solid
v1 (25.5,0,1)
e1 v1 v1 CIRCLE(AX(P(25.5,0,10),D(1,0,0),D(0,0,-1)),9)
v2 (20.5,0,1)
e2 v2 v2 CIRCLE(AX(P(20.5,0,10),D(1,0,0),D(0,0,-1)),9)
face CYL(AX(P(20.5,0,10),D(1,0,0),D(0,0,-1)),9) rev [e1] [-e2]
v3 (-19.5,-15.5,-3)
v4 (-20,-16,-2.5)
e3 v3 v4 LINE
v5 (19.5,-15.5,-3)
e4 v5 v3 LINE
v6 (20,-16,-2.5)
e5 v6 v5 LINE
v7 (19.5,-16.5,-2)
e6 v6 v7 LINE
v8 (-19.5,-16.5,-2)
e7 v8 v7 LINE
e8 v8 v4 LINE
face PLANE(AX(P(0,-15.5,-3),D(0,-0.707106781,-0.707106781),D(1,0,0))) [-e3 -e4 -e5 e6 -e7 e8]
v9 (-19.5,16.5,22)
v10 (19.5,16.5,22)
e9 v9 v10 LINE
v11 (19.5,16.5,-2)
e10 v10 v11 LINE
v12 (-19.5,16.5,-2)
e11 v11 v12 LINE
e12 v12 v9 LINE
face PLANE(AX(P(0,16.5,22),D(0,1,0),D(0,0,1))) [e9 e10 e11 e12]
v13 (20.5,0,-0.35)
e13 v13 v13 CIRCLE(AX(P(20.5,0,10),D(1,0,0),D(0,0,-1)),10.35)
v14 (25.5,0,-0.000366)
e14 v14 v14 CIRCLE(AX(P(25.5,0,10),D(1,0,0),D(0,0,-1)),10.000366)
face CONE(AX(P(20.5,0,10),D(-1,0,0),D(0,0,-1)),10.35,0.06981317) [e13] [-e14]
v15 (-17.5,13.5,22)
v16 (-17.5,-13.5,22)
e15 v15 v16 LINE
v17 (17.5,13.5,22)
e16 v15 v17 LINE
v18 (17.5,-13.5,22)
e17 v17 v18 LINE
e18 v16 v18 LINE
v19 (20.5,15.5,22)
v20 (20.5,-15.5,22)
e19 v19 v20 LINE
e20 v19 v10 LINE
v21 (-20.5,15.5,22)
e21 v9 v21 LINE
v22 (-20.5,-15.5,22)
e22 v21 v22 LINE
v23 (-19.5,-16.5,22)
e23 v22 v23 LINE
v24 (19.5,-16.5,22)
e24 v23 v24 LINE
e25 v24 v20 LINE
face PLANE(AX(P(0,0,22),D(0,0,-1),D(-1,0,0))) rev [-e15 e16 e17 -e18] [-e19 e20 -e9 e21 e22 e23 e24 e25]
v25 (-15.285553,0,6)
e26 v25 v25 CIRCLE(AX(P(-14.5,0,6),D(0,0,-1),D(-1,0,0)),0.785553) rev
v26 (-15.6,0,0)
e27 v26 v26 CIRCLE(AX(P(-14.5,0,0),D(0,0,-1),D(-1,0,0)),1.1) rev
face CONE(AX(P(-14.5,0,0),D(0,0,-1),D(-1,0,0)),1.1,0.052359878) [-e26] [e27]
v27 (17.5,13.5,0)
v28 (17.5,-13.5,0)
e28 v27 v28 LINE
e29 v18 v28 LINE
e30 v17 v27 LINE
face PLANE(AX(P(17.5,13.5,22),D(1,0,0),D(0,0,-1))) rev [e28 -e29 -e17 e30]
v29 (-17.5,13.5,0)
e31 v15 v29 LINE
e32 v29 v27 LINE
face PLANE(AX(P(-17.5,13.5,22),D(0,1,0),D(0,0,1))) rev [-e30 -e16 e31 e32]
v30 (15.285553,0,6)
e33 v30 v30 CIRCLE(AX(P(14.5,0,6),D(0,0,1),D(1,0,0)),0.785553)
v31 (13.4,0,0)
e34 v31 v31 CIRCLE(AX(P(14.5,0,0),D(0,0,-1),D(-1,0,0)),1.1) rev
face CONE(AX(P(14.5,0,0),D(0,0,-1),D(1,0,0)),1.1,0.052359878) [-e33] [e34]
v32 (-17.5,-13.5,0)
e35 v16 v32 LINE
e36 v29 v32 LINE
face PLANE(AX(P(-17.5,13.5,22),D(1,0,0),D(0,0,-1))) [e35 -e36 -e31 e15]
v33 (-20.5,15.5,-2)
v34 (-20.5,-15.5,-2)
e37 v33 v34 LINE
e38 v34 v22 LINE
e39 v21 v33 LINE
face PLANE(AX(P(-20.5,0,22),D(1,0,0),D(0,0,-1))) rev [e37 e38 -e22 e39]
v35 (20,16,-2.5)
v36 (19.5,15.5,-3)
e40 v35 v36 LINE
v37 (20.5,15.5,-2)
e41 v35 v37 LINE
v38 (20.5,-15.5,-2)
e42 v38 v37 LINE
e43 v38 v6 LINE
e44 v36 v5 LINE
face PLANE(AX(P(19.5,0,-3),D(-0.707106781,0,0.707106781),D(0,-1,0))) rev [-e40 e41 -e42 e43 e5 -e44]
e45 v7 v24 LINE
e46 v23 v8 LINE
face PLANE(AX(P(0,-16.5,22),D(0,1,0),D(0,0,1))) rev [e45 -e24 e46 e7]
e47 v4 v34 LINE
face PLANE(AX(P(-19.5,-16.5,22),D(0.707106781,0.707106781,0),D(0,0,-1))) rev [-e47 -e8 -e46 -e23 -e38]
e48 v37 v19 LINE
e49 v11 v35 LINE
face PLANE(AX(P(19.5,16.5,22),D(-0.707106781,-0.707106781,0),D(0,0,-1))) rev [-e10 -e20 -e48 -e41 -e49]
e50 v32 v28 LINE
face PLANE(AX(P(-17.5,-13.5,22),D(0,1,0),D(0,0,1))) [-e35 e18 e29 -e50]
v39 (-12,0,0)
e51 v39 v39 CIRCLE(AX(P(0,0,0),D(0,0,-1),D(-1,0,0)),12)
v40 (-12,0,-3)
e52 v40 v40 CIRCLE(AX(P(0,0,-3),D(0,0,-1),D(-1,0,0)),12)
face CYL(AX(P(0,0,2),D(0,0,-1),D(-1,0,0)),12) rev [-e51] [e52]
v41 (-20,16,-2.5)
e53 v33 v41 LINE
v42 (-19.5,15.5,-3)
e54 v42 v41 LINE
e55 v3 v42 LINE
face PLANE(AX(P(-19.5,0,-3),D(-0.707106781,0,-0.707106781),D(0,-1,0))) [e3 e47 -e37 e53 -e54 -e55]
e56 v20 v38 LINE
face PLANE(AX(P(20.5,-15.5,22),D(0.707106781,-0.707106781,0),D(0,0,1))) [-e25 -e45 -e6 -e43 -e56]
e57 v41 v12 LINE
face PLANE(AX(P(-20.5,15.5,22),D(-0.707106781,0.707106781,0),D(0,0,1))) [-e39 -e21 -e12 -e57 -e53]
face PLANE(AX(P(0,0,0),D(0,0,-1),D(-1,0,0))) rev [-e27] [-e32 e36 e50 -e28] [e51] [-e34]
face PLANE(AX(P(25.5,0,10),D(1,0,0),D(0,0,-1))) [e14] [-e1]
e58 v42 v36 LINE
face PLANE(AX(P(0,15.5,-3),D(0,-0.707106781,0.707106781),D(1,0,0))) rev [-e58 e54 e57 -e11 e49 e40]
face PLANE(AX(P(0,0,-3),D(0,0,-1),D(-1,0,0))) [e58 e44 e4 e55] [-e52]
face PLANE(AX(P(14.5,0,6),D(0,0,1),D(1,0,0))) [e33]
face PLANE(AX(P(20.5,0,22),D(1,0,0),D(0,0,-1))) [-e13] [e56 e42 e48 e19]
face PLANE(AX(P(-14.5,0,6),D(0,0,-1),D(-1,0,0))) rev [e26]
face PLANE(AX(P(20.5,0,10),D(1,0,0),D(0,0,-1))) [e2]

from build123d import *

# Parameters (mm, degrees)
SKETCH_1_W          = 41
SKETCH_1_H          = 33
SKETCH_1_W_2        = 35
SKETCH_1_H_2        = 27
EXTRUDE_1_DEPTH     = 22
SKETCH_6_W          = 41
SKETCH_6_H          = 33
EXTRUDE_1_2_DEPTH   = 3
SKETCH_7_R          = 12
CUT_EXTRUDE_1_DEPTH = 5
CHAMFER_1_SIZE      = 1
CHAMFER_2_SIZE      = 1
CHAMFER_3_SIZE      = 1
CHAMFER_4_SIZE      = 1
SKETCH_8_R          = 1.1
EXTRUDE_3_DEPTH     = 6
EXTRUDE_3_TAPER     = 3
CHAMFER_5_SIZE      = 1
CHAMFER_6_SIZE      = 1
CHAMFER_7_SIZE      = 1
CHAMFER_8_SIZE      = 1
SKETCH_9_R          = 10.35
EXTRUDE_4_DEPTH     = 5
EXTRUDE_4_TAPER     = 4
SKETCH_10_R         = 9
CUT_EXTRUDE_2_DEPTH = 5


with BuildPart() as part:
    # Эскиз1 → Extrude 1 (new body)
    with BuildSketch(Plane.XY):
        Rectangle(SKETCH_1_W, SKETCH_1_H)
        Rectangle(SKETCH_1_W_2, SKETCH_1_H_2, mode=Mode.SUBTRACT)
    extrude(amount=EXTRUDE_1_DEPTH)

    # Эскиз6 → Extrude 1 2 (add)
    with BuildSketch(Plane(origin=(0, 0, 0), x_dir=(-1, 0, 0), z_dir=(0, 0, -1))):
        Rectangle(SKETCH_6_W, SKETCH_6_H)
    extrude(amount=EXTRUDE_1_2_DEPTH)

    # Эскиз7 → Вырез-Вытянуть1 (cut)
    with BuildSketch(Plane(origin=(0, 0, -3), x_dir=(-1, 0, 0), z_dir=(0, 0, -1))):
        Circle(SKETCH_7_R)
    extrude(amount=-CUT_EXTRUDE_1_DEPTH, mode=Mode.SUBTRACT)

    # Фаска1
    chamfer_1_edges = [part.edges().sort_by_distance(p)[0] for p in [
        (0, 16.5, -3),
    ]]
    chamfer(chamfer_1_edges, length=CHAMFER_1_SIZE)

    # Фаска2
    chamfer_2_edges = [part.edges().sort_by_distance(p)[0] for p in [
        (20.5, -0.5, -3),
    ]]
    chamfer(chamfer_2_edges, length=CHAMFER_2_SIZE)

    # Фаска3
    chamfer_3_edges = [part.edges().sort_by_distance(p)[0] for p in [
        (-20.5, -0.5, -3),
    ]]
    chamfer(chamfer_3_edges, length=CHAMFER_3_SIZE)

    # Фаска4
    chamfer_4_edges = [part.edges().sort_by_distance(p)[0] for p in [
        (0, -16.5, -3),
    ]]
    chamfer(chamfer_4_edges, length=CHAMFER_4_SIZE)

    # Эскиз8 → Бобышка-Вытянуть3 (add)
    with BuildSketch(Plane.XY):
        with Locations((14.5, 0)):
            Circle(SKETCH_8_R)
        with Locations((-14.5, 0)):
            Circle(SKETCH_8_R)
    extrude(amount=EXTRUDE_3_DEPTH, taper=EXTRUDE_3_TAPER)

    # Фаска5
    chamfer_5_edges = [part.edges().sort_by_distance(p)[0] for p in [
        (-20.5, 16.5, 10),
    ]]
    chamfer(chamfer_5_edges, length=CHAMFER_5_SIZE)

    # Фаска6
    chamfer_6_edges = [part.edges().sort_by_distance(p)[0] for p in [
        (20.5, 16.5, 10),
    ]]
    chamfer(chamfer_6_edges, length=CHAMFER_6_SIZE)

    # Фаска7
    chamfer_7_edges = [part.edges().sort_by_distance(p)[0] for p in [
        (20.5, -16.5, 10),
    ]]
    chamfer(chamfer_7_edges, length=CHAMFER_7_SIZE)

    # Фаска8
    chamfer_8_edges = [part.edges().sort_by_distance(p)[0] for p in [
        (-20.5, -16.5, 10),
    ]]
    chamfer(chamfer_8_edges, length=CHAMFER_8_SIZE)

    # Эскиз9 → Бобышка-Вытянуть4 (add)
    with BuildSketch(Plane(origin=(20.5, 0, 0), x_dir=(0, 0, -1), z_dir=(1, 0, 0))):
        with Locations((-10, 0)):
            Circle(SKETCH_9_R)
    extrude(amount=EXTRUDE_4_DEPTH, taper=EXTRUDE_4_TAPER)

    # Эскиз10 → Вырез-Вытянуть2 (cut)
    with BuildSketch(Plane(origin=(25.5, 0, 0), x_dir=(0, 0, -1), z_dir=(1, 0, 0))):
        with Locations((-10, 0)):
            Circle(SKETCH_10_R)
    extrude(amount=-CUT_EXTRUDE_2_DEPTH, mode=Mode.SUBTRACT)


solid = part.part
